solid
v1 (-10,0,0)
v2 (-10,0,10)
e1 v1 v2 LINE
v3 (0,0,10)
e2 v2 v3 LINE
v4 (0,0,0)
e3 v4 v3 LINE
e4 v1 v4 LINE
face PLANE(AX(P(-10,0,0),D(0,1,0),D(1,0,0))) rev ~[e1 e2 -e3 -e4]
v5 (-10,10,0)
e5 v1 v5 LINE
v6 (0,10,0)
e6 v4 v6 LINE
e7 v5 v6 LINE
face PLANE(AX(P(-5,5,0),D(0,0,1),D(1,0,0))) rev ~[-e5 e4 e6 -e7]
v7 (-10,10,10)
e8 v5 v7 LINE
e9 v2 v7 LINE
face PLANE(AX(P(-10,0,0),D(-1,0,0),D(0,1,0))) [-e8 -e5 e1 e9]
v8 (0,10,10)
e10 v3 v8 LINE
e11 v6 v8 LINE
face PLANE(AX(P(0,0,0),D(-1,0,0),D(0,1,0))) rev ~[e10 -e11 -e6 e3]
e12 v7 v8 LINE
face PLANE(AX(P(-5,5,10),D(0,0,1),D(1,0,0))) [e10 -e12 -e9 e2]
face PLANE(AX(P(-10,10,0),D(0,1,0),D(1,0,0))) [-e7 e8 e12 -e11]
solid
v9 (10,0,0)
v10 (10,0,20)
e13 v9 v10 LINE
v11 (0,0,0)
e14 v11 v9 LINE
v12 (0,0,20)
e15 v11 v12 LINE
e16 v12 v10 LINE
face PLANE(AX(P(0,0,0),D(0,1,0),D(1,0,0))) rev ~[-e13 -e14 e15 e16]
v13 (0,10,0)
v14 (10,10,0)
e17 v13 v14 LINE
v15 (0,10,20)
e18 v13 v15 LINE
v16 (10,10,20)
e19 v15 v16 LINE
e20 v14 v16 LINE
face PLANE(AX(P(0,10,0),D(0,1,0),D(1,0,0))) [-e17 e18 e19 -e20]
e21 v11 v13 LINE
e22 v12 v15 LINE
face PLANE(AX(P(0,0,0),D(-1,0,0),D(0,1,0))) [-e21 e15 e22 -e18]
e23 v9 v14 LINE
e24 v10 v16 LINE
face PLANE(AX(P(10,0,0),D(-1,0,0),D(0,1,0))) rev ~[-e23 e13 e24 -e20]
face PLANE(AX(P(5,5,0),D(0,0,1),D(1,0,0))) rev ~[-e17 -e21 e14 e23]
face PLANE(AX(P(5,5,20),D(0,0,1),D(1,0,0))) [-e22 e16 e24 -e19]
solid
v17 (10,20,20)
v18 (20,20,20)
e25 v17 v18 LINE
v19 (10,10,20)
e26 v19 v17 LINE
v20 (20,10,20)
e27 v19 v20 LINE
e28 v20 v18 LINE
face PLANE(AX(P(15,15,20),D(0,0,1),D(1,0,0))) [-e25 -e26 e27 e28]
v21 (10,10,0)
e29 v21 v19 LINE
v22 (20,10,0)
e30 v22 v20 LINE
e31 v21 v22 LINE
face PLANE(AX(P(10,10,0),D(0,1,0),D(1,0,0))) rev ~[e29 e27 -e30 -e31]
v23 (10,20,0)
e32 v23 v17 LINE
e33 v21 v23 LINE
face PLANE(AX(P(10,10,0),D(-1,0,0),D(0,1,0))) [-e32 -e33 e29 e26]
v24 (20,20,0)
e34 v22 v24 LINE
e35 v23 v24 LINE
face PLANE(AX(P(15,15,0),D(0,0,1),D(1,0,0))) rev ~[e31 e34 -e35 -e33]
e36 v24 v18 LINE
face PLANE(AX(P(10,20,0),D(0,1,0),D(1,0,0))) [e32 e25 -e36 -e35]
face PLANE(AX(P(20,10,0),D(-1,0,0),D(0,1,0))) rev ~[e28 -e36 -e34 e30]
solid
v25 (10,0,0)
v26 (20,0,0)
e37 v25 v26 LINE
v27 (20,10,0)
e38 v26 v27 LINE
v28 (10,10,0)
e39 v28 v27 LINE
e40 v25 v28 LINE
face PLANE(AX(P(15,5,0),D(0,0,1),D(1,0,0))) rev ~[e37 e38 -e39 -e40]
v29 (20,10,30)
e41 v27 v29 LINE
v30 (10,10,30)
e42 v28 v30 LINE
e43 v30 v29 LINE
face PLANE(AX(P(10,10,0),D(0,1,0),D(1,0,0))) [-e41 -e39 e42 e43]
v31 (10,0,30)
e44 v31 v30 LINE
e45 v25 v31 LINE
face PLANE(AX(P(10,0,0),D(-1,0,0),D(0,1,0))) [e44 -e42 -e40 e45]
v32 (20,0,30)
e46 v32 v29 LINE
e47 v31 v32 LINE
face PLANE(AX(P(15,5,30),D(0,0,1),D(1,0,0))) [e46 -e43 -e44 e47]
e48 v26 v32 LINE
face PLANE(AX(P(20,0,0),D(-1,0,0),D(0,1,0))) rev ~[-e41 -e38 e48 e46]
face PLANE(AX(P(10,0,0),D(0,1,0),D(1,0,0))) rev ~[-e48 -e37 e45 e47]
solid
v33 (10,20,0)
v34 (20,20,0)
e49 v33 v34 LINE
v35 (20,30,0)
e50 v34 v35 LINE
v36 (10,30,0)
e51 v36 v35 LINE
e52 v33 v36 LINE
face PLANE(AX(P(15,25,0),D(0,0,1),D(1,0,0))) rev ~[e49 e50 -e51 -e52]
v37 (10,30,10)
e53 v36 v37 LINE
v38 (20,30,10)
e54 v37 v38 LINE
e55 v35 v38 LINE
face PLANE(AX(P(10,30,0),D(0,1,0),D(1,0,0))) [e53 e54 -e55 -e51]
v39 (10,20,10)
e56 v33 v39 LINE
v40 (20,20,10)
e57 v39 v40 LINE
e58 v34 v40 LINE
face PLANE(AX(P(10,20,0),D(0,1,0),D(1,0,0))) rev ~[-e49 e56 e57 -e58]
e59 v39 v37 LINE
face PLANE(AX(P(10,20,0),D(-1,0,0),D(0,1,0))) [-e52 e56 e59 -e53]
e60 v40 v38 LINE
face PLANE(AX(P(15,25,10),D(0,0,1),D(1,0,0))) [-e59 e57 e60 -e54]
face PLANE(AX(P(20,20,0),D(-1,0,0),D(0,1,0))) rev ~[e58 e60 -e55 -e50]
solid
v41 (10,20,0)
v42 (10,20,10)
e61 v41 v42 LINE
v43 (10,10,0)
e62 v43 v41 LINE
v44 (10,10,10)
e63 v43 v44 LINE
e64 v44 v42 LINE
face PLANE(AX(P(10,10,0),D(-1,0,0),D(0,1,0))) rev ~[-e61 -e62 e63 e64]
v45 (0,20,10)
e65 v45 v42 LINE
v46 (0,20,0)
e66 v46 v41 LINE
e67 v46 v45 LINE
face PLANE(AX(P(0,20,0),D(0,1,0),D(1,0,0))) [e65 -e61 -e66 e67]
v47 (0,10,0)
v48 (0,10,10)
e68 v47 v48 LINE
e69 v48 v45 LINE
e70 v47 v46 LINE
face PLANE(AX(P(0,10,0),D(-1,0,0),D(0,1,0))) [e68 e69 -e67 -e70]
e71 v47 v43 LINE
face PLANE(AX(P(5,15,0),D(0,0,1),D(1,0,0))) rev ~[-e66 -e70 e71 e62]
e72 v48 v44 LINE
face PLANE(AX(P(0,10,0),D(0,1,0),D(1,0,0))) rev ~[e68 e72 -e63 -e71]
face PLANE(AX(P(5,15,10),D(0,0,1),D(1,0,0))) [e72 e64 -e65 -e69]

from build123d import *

# Parameters (mm, degrees)
BOX_W        = 10
BOX_H        = 10
BOX_DEPTH    = 10
BOX003_W     = 10
BOX003_H     = 10
BOX003_DEPTH = 20
BOX005_W     = 10
BOX005_H     = 10
BOX005_DEPTH = 30
BOX007_W     = 10
BOX007_H     = 10
BOX007_DEPTH = 20
BOX008_W     = 10
BOX008_H     = 10
BOX008_DEPTH = 10
BOX009_W     = 10
BOX009_H     = 10
BOX009_DEPTH = 10


with BuildPart() as cub:
    # Box → Box (new body)
    with BuildSketch(Plane(origin=(-10, 0, 0), x_dir=(1, 0, 0), z_dir=(0, 0, 1))):
        with Locations((5, 5)):
            Rectangle(BOX_W, BOX_H)
    extrude(amount=BOX_DEPTH)


with BuildPart() as cub003:
    # Box003 → Box003 (new body)
    with BuildSketch(Plane(origin=(10, 10, 0), x_dir=(1, 0, 0), z_dir=(0, 0, 1))):
        with Locations((5, 5)):
            Rectangle(BOX003_W, BOX003_H)
    extrude(amount=BOX003_DEPTH)


with BuildPart() as cub005:
    # Box005 → Box005 (new body)
    with BuildSketch(Plane(origin=(10, 0, 0), x_dir=(1, 0, 0), z_dir=(0, 0, 1))):
        with Locations((5, 5)):
            Rectangle(BOX005_W, BOX005_H)
    extrude(amount=BOX005_DEPTH)


with BuildPart() as cub007:
    # Box007 → Box007 (new body)
    with BuildSketch(Plane.XY):
        with Locations((5, 5)):
            Rectangle(BOX007_W, BOX007_H)
    extrude(amount=BOX007_DEPTH)


with BuildPart() as cub008:
    # Box008 → Box008 (new body)
    with BuildSketch(Plane(origin=(0, 10, 0), x_dir=(1, 0, 0), z_dir=(0, 0, 1))):
        with Locations((5, 5)):
            Rectangle(BOX008_W, BOX008_H)
    extrude(amount=BOX008_DEPTH)


with BuildPart() as cub009:
    # Box009 → Box009 (new body)
    with BuildSketch(Plane(origin=(10, 20, 0), x_dir=(1, 0, 0), z_dir=(0, 0, 1))):
        with Locations((5, 5)):
            Rectangle(BOX009_W, BOX009_H)
    extrude(amount=BOX009_DEPTH)


solid = Compound([cub.part, cub003.part, cub005.part, cub007.part, cub008.part, cub009.part])
